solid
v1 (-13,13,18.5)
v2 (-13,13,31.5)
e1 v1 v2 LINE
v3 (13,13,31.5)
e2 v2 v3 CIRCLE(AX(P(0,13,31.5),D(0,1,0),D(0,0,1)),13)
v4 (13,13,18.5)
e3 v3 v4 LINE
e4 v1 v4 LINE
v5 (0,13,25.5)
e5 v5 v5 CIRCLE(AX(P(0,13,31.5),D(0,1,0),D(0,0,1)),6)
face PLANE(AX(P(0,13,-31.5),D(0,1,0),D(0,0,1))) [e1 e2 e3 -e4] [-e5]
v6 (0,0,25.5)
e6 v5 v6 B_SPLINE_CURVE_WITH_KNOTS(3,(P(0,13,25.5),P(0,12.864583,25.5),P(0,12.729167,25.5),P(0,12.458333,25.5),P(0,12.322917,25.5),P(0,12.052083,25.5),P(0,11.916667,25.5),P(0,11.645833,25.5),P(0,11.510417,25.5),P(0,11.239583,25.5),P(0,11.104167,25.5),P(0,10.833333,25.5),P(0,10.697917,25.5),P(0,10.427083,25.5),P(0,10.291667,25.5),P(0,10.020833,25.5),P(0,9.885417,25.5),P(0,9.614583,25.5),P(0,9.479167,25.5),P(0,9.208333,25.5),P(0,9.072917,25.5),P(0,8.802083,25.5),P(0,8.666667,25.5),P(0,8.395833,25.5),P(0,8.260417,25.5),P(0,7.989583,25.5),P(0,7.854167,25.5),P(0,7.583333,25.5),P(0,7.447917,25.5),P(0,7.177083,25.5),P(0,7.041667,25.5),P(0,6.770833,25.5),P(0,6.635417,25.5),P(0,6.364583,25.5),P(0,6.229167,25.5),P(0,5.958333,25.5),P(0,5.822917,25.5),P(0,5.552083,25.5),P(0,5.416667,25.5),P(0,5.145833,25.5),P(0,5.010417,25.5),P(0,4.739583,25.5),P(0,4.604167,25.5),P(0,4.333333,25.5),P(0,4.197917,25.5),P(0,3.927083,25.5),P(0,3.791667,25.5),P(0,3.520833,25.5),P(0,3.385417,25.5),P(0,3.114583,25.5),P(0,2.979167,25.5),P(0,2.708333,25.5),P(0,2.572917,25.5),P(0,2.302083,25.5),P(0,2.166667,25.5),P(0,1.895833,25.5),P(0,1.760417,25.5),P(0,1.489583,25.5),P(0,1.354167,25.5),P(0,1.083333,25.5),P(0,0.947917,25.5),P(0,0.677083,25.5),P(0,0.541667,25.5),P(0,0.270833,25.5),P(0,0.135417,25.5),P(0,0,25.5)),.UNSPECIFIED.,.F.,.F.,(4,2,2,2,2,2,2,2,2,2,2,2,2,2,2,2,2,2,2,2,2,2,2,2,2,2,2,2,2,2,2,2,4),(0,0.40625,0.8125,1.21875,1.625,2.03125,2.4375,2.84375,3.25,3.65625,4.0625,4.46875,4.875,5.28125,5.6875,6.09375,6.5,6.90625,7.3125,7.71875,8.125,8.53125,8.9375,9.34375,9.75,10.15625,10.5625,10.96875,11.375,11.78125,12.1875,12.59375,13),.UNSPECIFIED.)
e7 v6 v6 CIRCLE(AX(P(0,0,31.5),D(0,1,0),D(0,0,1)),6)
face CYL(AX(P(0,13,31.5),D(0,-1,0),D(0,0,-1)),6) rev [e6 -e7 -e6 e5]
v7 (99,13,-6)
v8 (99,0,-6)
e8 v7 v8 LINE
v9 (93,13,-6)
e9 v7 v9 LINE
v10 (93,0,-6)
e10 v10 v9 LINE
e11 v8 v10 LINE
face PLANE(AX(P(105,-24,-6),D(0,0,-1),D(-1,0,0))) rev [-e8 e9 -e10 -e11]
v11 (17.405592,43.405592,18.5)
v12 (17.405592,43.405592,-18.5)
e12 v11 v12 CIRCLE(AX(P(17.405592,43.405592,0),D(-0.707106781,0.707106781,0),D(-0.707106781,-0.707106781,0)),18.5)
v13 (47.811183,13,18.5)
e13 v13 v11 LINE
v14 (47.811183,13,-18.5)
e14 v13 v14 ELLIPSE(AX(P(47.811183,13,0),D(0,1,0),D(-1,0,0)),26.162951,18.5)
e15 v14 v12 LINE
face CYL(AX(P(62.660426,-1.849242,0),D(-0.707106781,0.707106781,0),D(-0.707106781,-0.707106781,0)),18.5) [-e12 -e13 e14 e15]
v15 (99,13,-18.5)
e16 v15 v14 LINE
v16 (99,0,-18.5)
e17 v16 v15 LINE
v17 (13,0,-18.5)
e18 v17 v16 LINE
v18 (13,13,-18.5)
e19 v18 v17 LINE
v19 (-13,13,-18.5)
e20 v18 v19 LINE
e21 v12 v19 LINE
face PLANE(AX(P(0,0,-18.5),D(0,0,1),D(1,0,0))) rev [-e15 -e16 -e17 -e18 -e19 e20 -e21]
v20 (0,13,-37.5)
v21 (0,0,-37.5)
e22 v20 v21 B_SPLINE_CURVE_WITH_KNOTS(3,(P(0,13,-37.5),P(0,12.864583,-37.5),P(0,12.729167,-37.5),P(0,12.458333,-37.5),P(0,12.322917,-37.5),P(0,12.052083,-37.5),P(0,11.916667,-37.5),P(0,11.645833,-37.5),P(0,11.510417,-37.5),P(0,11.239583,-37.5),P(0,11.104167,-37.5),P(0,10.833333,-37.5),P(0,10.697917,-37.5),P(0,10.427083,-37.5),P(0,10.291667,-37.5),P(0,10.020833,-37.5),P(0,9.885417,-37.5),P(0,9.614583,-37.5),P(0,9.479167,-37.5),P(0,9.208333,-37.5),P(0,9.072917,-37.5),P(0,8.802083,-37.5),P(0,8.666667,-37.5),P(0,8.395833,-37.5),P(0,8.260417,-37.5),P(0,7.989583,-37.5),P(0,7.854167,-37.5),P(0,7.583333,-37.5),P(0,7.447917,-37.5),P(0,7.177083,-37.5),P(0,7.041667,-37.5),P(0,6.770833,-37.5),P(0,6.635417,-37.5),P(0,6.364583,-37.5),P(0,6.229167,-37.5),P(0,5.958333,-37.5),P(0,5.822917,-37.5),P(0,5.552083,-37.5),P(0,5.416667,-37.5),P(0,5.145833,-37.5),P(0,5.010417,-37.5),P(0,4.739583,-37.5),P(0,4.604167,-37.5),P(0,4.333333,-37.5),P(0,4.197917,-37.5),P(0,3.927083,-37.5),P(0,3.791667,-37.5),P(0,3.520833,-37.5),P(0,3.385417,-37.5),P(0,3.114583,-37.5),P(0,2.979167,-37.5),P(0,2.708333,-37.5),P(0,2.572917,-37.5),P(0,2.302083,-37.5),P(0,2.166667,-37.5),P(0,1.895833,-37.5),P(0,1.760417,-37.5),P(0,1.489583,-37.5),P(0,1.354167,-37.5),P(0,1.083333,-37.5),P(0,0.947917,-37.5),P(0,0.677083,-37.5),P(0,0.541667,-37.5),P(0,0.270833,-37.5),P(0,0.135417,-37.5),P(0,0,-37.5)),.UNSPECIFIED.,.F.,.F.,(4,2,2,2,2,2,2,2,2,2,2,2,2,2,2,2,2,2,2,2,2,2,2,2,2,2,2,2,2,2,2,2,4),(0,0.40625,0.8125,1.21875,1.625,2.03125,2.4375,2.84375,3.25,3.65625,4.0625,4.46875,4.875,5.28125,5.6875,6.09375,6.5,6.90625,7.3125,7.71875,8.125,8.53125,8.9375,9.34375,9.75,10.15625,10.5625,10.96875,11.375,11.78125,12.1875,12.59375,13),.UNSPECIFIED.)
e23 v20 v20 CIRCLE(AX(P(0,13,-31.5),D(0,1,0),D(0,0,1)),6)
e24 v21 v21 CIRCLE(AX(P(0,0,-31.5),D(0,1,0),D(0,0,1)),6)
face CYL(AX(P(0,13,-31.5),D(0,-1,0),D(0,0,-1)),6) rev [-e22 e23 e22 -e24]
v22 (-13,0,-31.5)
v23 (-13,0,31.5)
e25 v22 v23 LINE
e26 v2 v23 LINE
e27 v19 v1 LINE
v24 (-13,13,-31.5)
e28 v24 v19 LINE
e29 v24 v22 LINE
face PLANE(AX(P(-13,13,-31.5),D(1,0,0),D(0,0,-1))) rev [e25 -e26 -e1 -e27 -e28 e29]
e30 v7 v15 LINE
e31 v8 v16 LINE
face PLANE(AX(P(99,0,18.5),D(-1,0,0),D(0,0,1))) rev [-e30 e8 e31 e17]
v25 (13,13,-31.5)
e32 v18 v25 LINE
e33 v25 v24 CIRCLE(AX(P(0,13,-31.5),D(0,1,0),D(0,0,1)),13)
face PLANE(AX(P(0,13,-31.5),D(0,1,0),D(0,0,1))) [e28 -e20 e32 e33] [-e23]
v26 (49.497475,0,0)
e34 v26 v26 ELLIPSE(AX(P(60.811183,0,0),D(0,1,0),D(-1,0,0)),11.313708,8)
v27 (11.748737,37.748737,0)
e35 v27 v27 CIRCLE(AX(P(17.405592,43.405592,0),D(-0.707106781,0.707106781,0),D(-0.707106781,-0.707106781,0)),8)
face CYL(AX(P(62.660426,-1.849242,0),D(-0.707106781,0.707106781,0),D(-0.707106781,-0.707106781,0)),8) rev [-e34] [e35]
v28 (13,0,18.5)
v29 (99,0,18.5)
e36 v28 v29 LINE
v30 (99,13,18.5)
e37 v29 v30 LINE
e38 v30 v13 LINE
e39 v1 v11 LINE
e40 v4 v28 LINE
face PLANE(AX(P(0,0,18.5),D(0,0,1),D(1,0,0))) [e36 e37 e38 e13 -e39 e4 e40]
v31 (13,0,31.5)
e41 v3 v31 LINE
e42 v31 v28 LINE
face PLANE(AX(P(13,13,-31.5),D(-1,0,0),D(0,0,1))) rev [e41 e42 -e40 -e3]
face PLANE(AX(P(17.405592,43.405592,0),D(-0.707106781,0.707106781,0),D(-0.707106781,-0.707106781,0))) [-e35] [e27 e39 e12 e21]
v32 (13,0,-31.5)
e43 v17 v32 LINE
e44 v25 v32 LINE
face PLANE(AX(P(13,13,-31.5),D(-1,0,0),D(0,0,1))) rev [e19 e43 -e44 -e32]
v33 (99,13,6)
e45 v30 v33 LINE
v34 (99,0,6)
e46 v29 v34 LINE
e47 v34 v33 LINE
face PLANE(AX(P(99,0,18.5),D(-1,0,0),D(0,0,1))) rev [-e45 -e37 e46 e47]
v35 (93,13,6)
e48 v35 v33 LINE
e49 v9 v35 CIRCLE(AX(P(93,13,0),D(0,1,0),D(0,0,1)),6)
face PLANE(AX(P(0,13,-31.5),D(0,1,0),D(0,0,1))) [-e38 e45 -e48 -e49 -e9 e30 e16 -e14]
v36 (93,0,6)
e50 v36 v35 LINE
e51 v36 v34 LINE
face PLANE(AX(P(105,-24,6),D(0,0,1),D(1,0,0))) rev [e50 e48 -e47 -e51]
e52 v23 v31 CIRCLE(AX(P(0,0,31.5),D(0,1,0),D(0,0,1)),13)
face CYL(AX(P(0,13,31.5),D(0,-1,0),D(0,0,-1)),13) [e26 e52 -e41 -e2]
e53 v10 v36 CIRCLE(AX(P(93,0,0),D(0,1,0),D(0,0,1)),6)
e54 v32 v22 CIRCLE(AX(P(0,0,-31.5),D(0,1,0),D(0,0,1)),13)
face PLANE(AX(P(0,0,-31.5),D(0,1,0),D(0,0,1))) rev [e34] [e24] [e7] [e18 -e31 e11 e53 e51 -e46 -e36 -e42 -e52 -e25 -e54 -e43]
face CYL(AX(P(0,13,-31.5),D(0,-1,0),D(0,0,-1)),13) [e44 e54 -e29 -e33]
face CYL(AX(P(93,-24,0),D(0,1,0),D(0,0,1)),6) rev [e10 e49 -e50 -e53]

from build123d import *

# Parameters (mm, degrees)
SKETCH1_R           = 6
BOSS_EXTRUDE1_DEPTH = 13
SKETCH2_W           = 86
SKETCH2_H           = 13
BOSS_EXTRUDE2_DEPTH = 18.5
CUT_EXTRUDE1_DEPTH  = 37
SKETCH4_R           = 8
BOSS_EXTRUDE3_DEPTH = 64
SKETCH6_W           = 112
SKETCH6_H           = 33.393710728
CUT_EXTRUDE2_DEPTH  = 32
SKETCH7_R           = 8
CUT_EXTRUDE3_DEPTH  = 88


with BuildPart() as part:
    # Sketch1 → Boss-Extrude1 (new body)
    with BuildSketch(Plane(origin=(0, 0, 0), x_dir=(1, 0, 0), z_dir=(0, 1, 0))):
        with BuildLine():
            Line((13, 31.5), (13, -31.5))
            ThreePointArc((13, -31.5), (0, -44.5), (-13, -31.5))
            Line((-13, -31.5), (-13, 31.5))
            ThreePointArc((-13, 31.5), (0, 44.5), (13, 31.5))
        make_face()
        with Locations(Location((0, 31.5, 0), (0, 0, 90))):
            Circle(SKETCH1_R, mode=Mode.SUBTRACT)
        with Locations(Location((0, -31.5, 0), (0, 0, 90))):
            Circle(SKETCH1_R, mode=Mode.SUBTRACT)
    extrude(amount=BOSS_EXTRUDE1_DEPTH)

    # Sketch2 → Boss-Extrude2 (add, symmetric)
    with BuildSketch(Plane.XY):
        with Locations((56, 6.5)):
            Rectangle(SKETCH2_W, SKETCH2_H)
    extrude(amount=BOSS_EXTRUDE2_DEPTH, both=True)

    # Sketch3 → Cut-Extrude1 (cut)
    with BuildSketch(Plane(origin=(0, 13, 0), x_dir=(1, 0, 0), z_dir=(0, 1, 0))):
        with BuildLine():
            Line((105, -6), (93, -6))
            ThreePointArc((93, -6), (87, 0), (93, 6))
            Line((93, 6), (105, 6))
            ThreePointArc((105, 6), (111, 0), (105, -6))
        make_face()
    extrude(amount=-CUT_EXTRUDE1_DEPTH, mode=Mode.SUBTRACT)

    # Sketch4 → Boss-Extrude3 (add)
    with BuildSketch(Plane(origin=(-13, 13, 0), x_dir=(0, 0, 1), z_dir=(-0.7071067811865488, 0.7071067811865464, 0))):
        with BuildLine():
            Line((-18.5, 43), (-18.5, 0))
            Line((-18.5, 0), (18.5, 0))
            Line((18.5, 0), (18.5, 43))
            ThreePointArc((18.5, 43), (0, 61.5), (-18.5, 43))
        make_face()
        with Locations(Location((0, 43, 0), (0, 0, 270))):
            Circle(SKETCH4_R, mode=Mode.SUBTRACT)
    extrude(amount=-BOSS_EXTRUDE3_DEPTH)

    # Sketch6 → Cut-Extrude2 (cut, symmetric)
    with BuildSketch(Plane.XY):
        with Locations((43, -16.696855364)):
            Rectangle(SKETCH6_W, SKETCH6_H)
    extrude(amount=CUT_EXTRUDE2_DEPTH, both=True, mode=Mode.SUBTRACT)

    # Sketch7 → Cut-Extrude3 (cut)
    with BuildSketch(Plane(origin=(-13, 13, 0), x_dir=(0, 0, 1), z_dir=(-0.7071067811865487, 0.7071067811865465, 0))):
        with Locations(Location((0, 43, 0), (0, 0, 270))):
            Circle(SKETCH7_R)
    extrude(amount=-CUT_EXTRUDE3_DEPTH, mode=Mode.SUBTRACT)


solid = part.part
